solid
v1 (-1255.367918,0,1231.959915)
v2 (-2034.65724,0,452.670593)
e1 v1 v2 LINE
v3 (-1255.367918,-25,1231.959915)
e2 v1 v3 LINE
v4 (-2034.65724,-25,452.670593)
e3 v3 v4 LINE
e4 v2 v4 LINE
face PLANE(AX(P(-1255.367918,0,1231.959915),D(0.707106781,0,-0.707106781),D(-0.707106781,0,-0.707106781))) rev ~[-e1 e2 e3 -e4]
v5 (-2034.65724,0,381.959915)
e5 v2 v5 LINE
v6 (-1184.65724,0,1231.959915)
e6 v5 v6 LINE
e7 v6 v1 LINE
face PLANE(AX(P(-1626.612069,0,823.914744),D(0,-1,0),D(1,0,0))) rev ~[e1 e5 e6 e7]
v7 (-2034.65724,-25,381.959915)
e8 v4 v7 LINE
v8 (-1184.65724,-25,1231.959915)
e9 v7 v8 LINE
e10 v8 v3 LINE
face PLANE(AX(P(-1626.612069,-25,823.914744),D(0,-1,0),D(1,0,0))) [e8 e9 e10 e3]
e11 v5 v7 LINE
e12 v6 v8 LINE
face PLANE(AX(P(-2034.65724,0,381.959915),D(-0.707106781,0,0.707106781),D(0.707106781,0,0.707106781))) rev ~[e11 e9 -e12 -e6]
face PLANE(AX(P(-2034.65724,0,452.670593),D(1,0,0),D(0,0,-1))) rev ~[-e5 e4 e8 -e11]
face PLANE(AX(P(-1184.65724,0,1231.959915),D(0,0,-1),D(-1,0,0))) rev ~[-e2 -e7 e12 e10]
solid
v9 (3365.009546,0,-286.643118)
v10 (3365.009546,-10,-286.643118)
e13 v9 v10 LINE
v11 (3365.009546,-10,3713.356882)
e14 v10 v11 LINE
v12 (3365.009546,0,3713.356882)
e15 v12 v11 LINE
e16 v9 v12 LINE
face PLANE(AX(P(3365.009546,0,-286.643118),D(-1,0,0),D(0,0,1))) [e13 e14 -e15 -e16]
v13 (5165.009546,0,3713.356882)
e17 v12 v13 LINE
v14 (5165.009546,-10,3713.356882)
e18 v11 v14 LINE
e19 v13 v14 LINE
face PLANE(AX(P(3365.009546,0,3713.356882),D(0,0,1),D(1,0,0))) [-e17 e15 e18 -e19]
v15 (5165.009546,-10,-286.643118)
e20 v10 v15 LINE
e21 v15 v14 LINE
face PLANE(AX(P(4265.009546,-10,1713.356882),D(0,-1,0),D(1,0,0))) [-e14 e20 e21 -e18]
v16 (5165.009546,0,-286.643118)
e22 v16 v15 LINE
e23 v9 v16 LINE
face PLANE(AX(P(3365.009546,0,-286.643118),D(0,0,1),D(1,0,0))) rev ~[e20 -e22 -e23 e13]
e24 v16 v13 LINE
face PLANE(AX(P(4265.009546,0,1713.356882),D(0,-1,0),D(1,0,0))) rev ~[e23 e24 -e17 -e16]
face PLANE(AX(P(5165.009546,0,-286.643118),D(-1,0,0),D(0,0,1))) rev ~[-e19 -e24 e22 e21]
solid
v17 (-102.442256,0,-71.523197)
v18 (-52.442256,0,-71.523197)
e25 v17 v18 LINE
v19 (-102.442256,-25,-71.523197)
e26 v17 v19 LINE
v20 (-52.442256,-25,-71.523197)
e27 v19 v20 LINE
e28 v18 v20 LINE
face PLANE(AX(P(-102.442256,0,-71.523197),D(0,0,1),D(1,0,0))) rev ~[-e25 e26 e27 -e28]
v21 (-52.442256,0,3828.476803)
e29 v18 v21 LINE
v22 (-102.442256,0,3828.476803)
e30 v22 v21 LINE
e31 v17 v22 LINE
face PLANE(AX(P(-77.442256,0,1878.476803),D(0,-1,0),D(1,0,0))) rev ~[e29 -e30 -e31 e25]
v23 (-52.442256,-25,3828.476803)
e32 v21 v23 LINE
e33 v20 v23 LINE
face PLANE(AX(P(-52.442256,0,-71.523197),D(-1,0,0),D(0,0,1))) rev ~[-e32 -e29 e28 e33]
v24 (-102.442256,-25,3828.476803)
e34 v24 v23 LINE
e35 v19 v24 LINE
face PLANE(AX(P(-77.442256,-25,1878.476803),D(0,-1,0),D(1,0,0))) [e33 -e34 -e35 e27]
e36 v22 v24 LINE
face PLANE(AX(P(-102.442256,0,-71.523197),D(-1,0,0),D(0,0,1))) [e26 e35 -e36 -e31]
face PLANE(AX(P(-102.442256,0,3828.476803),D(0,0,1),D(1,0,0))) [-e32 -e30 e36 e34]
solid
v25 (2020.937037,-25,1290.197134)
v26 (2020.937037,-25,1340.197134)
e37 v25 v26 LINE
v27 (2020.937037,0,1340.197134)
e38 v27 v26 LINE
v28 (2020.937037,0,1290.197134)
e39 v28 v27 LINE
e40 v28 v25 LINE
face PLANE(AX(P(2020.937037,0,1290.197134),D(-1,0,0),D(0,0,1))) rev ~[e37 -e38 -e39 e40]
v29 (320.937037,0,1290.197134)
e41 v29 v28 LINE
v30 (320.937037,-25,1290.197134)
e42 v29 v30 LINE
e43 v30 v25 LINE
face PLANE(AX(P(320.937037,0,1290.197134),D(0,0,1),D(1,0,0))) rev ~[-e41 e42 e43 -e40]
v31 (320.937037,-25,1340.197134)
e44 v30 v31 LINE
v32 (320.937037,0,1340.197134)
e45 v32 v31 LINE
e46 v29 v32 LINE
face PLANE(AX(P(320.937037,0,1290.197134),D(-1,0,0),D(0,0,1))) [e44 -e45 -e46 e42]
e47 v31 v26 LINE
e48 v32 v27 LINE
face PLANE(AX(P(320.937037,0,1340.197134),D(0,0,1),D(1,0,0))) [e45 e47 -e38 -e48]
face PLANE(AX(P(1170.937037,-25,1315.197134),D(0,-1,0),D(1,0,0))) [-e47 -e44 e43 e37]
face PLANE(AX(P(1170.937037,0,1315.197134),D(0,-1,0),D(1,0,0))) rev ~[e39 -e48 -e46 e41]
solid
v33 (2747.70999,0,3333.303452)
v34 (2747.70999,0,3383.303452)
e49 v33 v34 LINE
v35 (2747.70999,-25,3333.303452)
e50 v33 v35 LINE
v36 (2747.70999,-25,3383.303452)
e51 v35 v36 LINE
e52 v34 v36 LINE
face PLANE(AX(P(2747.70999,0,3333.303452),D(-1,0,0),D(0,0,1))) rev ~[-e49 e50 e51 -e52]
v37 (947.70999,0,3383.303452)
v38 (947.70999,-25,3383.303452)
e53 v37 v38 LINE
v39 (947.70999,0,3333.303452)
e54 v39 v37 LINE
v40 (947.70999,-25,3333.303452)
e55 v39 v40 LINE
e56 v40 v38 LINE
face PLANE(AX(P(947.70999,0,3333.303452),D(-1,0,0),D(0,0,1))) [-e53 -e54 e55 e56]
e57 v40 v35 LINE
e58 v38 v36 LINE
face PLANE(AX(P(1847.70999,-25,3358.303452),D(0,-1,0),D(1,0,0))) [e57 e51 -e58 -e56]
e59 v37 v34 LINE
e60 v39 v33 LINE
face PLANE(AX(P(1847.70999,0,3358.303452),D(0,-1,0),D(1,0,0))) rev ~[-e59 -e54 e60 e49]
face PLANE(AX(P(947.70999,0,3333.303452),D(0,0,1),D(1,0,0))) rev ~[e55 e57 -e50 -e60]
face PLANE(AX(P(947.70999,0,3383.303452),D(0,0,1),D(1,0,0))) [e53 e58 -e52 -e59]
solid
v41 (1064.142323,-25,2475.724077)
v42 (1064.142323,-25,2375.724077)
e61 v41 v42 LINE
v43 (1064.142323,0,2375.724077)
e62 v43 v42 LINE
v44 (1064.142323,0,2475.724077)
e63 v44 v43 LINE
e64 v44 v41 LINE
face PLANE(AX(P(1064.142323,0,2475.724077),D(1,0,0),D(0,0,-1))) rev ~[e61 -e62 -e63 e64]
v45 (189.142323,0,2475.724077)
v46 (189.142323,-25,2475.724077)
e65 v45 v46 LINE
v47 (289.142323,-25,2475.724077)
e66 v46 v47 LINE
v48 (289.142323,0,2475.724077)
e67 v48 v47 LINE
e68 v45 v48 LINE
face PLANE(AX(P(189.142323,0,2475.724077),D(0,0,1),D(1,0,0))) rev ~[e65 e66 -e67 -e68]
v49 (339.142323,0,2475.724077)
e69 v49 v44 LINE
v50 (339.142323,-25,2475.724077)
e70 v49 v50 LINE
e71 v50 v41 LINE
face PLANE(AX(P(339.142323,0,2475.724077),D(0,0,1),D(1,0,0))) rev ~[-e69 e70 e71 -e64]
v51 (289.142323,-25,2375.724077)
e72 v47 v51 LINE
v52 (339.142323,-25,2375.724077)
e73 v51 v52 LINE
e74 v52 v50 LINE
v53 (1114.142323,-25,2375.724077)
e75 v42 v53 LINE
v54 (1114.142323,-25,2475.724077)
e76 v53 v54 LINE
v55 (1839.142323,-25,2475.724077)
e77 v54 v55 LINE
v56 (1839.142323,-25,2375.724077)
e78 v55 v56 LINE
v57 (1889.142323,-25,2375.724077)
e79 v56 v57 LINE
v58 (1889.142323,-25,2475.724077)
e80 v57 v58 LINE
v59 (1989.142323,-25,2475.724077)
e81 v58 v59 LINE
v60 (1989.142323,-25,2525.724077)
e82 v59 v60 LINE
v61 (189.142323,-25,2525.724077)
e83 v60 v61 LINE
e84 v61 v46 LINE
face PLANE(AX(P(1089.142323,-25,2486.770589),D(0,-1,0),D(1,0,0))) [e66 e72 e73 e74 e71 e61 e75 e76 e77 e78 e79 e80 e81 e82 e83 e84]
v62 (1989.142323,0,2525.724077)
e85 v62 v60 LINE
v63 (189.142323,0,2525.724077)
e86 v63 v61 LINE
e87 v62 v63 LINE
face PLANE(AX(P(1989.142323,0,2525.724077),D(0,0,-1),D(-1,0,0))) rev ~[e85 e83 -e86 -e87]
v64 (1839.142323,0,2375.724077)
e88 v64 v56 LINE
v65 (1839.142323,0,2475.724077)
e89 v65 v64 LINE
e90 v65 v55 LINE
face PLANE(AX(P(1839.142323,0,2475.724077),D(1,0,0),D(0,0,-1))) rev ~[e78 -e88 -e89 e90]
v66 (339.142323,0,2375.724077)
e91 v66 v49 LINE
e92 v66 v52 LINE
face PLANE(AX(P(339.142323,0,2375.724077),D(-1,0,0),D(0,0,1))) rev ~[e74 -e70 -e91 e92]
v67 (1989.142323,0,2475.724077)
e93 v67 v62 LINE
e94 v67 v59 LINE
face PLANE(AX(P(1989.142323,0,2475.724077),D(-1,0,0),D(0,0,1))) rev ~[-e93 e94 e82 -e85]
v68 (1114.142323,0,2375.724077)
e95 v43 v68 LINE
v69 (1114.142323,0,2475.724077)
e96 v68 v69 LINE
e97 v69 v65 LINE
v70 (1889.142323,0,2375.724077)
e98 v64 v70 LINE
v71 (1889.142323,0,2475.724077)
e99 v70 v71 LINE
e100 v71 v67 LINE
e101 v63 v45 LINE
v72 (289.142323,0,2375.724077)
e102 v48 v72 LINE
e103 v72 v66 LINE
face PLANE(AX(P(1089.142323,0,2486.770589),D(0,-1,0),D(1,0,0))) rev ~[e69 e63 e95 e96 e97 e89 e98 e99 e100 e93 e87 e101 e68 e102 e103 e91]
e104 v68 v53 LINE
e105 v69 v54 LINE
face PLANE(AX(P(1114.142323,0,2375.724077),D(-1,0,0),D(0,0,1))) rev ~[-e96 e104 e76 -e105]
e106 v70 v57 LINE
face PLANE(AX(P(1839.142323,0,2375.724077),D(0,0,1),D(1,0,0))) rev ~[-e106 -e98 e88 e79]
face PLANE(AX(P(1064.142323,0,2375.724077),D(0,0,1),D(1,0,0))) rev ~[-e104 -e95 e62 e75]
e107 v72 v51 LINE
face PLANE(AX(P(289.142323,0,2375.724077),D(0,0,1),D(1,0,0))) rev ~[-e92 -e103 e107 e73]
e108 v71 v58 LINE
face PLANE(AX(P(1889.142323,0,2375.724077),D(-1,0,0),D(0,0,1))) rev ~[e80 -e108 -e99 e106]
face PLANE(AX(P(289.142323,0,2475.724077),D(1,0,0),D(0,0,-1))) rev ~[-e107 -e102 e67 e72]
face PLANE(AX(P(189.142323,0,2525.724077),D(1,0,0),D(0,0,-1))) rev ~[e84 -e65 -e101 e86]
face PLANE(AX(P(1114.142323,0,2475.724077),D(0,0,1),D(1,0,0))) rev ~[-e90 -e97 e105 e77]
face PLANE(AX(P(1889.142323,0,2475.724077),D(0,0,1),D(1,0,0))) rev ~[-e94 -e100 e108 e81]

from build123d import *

# Parameters (mm, degrees)
F0_W      = 50
F0_H      = 3900
F1_DEPTH  = 25
F2_W      = 1800
F2_H      = 50
F3_DEPTH  = 25
F5_DEPTH  = 25
F6_W      = 1700
F6_H      = 50
F7_DEPTH  = 25
F8_W      = 1800
F8_H      = 4000
F9_DEPTH  = 10
F11_DEPTH = 25


with BuildPart() as f1:
    # F0 (on Front) → F1 (new body)
    with BuildSketch(Plane.XZ):
        with Locations((-77.442256, 1878.476803)):
            Rectangle(F0_W, F0_H)
    extrude(amount=F1_DEPTH)


with BuildPart() as f3:
    # F2 (on Front) → F3 (new body)
    with BuildSketch(Plane.XZ):
        with Locations((1847.70999, 3358.303452)):
            Rectangle(F2_W, F2_H)
    extrude(amount=F3_DEPTH)


with BuildPart() as f5:
    # F4 (on Front) → F5 (new body)
    with BuildSketch(Plane.XZ):
        Polygon((1989.142323, 2525.724077), (189.142323, 2525.724077), (189.142323, 2475.724077), (289.142323, 2475.724077), (289.142323, 2375.724077), (339.142323, 2375.724077), (339.142323, 2475.724077), (1064.142323, 2475.724077), (1064.142323, 2375.724077), (1114.142323, 2375.724077), (1114.142323, 2475.724077), (1839.142323, 2475.724077), (1839.142323, 2375.724077), (1889.142323, 2375.724077), (1889.142323, 2475.724077), (1989.142323, 2475.724077), align=None)
    extrude(amount=F5_DEPTH)


with BuildPart() as f7:
    # F6 (on Front) → F7 (new body)
    with BuildSketch(Plane.XZ):
        with Locations((1170.937037, 1315.197134)):
            Rectangle(F6_W, F6_H)
    extrude(amount=F7_DEPTH)


with BuildPart() as f9:
    # F8 (on Front) → F9 (new body)
    with BuildSketch(Plane.XZ):
        with Locations((4265.009546, 1713.356882)):
            Rectangle(F8_W, F8_H)
    extrude(amount=F9_DEPTH)


with BuildPart() as f11:
    # F10 (on Front) → F11 (new body)
    with BuildSketch(Plane.XZ):
        Polygon((-2034.65724, 381.959915), (-1184.65724, 1231.959915), (-1255.367918, 1231.959915), (-2034.65724, 452.670593), align=None)
    extrude(amount=F11_DEPTH)


solid = Compound([f1.part, f3.part, f5.part, f7.part, f9.part, f11.part])
